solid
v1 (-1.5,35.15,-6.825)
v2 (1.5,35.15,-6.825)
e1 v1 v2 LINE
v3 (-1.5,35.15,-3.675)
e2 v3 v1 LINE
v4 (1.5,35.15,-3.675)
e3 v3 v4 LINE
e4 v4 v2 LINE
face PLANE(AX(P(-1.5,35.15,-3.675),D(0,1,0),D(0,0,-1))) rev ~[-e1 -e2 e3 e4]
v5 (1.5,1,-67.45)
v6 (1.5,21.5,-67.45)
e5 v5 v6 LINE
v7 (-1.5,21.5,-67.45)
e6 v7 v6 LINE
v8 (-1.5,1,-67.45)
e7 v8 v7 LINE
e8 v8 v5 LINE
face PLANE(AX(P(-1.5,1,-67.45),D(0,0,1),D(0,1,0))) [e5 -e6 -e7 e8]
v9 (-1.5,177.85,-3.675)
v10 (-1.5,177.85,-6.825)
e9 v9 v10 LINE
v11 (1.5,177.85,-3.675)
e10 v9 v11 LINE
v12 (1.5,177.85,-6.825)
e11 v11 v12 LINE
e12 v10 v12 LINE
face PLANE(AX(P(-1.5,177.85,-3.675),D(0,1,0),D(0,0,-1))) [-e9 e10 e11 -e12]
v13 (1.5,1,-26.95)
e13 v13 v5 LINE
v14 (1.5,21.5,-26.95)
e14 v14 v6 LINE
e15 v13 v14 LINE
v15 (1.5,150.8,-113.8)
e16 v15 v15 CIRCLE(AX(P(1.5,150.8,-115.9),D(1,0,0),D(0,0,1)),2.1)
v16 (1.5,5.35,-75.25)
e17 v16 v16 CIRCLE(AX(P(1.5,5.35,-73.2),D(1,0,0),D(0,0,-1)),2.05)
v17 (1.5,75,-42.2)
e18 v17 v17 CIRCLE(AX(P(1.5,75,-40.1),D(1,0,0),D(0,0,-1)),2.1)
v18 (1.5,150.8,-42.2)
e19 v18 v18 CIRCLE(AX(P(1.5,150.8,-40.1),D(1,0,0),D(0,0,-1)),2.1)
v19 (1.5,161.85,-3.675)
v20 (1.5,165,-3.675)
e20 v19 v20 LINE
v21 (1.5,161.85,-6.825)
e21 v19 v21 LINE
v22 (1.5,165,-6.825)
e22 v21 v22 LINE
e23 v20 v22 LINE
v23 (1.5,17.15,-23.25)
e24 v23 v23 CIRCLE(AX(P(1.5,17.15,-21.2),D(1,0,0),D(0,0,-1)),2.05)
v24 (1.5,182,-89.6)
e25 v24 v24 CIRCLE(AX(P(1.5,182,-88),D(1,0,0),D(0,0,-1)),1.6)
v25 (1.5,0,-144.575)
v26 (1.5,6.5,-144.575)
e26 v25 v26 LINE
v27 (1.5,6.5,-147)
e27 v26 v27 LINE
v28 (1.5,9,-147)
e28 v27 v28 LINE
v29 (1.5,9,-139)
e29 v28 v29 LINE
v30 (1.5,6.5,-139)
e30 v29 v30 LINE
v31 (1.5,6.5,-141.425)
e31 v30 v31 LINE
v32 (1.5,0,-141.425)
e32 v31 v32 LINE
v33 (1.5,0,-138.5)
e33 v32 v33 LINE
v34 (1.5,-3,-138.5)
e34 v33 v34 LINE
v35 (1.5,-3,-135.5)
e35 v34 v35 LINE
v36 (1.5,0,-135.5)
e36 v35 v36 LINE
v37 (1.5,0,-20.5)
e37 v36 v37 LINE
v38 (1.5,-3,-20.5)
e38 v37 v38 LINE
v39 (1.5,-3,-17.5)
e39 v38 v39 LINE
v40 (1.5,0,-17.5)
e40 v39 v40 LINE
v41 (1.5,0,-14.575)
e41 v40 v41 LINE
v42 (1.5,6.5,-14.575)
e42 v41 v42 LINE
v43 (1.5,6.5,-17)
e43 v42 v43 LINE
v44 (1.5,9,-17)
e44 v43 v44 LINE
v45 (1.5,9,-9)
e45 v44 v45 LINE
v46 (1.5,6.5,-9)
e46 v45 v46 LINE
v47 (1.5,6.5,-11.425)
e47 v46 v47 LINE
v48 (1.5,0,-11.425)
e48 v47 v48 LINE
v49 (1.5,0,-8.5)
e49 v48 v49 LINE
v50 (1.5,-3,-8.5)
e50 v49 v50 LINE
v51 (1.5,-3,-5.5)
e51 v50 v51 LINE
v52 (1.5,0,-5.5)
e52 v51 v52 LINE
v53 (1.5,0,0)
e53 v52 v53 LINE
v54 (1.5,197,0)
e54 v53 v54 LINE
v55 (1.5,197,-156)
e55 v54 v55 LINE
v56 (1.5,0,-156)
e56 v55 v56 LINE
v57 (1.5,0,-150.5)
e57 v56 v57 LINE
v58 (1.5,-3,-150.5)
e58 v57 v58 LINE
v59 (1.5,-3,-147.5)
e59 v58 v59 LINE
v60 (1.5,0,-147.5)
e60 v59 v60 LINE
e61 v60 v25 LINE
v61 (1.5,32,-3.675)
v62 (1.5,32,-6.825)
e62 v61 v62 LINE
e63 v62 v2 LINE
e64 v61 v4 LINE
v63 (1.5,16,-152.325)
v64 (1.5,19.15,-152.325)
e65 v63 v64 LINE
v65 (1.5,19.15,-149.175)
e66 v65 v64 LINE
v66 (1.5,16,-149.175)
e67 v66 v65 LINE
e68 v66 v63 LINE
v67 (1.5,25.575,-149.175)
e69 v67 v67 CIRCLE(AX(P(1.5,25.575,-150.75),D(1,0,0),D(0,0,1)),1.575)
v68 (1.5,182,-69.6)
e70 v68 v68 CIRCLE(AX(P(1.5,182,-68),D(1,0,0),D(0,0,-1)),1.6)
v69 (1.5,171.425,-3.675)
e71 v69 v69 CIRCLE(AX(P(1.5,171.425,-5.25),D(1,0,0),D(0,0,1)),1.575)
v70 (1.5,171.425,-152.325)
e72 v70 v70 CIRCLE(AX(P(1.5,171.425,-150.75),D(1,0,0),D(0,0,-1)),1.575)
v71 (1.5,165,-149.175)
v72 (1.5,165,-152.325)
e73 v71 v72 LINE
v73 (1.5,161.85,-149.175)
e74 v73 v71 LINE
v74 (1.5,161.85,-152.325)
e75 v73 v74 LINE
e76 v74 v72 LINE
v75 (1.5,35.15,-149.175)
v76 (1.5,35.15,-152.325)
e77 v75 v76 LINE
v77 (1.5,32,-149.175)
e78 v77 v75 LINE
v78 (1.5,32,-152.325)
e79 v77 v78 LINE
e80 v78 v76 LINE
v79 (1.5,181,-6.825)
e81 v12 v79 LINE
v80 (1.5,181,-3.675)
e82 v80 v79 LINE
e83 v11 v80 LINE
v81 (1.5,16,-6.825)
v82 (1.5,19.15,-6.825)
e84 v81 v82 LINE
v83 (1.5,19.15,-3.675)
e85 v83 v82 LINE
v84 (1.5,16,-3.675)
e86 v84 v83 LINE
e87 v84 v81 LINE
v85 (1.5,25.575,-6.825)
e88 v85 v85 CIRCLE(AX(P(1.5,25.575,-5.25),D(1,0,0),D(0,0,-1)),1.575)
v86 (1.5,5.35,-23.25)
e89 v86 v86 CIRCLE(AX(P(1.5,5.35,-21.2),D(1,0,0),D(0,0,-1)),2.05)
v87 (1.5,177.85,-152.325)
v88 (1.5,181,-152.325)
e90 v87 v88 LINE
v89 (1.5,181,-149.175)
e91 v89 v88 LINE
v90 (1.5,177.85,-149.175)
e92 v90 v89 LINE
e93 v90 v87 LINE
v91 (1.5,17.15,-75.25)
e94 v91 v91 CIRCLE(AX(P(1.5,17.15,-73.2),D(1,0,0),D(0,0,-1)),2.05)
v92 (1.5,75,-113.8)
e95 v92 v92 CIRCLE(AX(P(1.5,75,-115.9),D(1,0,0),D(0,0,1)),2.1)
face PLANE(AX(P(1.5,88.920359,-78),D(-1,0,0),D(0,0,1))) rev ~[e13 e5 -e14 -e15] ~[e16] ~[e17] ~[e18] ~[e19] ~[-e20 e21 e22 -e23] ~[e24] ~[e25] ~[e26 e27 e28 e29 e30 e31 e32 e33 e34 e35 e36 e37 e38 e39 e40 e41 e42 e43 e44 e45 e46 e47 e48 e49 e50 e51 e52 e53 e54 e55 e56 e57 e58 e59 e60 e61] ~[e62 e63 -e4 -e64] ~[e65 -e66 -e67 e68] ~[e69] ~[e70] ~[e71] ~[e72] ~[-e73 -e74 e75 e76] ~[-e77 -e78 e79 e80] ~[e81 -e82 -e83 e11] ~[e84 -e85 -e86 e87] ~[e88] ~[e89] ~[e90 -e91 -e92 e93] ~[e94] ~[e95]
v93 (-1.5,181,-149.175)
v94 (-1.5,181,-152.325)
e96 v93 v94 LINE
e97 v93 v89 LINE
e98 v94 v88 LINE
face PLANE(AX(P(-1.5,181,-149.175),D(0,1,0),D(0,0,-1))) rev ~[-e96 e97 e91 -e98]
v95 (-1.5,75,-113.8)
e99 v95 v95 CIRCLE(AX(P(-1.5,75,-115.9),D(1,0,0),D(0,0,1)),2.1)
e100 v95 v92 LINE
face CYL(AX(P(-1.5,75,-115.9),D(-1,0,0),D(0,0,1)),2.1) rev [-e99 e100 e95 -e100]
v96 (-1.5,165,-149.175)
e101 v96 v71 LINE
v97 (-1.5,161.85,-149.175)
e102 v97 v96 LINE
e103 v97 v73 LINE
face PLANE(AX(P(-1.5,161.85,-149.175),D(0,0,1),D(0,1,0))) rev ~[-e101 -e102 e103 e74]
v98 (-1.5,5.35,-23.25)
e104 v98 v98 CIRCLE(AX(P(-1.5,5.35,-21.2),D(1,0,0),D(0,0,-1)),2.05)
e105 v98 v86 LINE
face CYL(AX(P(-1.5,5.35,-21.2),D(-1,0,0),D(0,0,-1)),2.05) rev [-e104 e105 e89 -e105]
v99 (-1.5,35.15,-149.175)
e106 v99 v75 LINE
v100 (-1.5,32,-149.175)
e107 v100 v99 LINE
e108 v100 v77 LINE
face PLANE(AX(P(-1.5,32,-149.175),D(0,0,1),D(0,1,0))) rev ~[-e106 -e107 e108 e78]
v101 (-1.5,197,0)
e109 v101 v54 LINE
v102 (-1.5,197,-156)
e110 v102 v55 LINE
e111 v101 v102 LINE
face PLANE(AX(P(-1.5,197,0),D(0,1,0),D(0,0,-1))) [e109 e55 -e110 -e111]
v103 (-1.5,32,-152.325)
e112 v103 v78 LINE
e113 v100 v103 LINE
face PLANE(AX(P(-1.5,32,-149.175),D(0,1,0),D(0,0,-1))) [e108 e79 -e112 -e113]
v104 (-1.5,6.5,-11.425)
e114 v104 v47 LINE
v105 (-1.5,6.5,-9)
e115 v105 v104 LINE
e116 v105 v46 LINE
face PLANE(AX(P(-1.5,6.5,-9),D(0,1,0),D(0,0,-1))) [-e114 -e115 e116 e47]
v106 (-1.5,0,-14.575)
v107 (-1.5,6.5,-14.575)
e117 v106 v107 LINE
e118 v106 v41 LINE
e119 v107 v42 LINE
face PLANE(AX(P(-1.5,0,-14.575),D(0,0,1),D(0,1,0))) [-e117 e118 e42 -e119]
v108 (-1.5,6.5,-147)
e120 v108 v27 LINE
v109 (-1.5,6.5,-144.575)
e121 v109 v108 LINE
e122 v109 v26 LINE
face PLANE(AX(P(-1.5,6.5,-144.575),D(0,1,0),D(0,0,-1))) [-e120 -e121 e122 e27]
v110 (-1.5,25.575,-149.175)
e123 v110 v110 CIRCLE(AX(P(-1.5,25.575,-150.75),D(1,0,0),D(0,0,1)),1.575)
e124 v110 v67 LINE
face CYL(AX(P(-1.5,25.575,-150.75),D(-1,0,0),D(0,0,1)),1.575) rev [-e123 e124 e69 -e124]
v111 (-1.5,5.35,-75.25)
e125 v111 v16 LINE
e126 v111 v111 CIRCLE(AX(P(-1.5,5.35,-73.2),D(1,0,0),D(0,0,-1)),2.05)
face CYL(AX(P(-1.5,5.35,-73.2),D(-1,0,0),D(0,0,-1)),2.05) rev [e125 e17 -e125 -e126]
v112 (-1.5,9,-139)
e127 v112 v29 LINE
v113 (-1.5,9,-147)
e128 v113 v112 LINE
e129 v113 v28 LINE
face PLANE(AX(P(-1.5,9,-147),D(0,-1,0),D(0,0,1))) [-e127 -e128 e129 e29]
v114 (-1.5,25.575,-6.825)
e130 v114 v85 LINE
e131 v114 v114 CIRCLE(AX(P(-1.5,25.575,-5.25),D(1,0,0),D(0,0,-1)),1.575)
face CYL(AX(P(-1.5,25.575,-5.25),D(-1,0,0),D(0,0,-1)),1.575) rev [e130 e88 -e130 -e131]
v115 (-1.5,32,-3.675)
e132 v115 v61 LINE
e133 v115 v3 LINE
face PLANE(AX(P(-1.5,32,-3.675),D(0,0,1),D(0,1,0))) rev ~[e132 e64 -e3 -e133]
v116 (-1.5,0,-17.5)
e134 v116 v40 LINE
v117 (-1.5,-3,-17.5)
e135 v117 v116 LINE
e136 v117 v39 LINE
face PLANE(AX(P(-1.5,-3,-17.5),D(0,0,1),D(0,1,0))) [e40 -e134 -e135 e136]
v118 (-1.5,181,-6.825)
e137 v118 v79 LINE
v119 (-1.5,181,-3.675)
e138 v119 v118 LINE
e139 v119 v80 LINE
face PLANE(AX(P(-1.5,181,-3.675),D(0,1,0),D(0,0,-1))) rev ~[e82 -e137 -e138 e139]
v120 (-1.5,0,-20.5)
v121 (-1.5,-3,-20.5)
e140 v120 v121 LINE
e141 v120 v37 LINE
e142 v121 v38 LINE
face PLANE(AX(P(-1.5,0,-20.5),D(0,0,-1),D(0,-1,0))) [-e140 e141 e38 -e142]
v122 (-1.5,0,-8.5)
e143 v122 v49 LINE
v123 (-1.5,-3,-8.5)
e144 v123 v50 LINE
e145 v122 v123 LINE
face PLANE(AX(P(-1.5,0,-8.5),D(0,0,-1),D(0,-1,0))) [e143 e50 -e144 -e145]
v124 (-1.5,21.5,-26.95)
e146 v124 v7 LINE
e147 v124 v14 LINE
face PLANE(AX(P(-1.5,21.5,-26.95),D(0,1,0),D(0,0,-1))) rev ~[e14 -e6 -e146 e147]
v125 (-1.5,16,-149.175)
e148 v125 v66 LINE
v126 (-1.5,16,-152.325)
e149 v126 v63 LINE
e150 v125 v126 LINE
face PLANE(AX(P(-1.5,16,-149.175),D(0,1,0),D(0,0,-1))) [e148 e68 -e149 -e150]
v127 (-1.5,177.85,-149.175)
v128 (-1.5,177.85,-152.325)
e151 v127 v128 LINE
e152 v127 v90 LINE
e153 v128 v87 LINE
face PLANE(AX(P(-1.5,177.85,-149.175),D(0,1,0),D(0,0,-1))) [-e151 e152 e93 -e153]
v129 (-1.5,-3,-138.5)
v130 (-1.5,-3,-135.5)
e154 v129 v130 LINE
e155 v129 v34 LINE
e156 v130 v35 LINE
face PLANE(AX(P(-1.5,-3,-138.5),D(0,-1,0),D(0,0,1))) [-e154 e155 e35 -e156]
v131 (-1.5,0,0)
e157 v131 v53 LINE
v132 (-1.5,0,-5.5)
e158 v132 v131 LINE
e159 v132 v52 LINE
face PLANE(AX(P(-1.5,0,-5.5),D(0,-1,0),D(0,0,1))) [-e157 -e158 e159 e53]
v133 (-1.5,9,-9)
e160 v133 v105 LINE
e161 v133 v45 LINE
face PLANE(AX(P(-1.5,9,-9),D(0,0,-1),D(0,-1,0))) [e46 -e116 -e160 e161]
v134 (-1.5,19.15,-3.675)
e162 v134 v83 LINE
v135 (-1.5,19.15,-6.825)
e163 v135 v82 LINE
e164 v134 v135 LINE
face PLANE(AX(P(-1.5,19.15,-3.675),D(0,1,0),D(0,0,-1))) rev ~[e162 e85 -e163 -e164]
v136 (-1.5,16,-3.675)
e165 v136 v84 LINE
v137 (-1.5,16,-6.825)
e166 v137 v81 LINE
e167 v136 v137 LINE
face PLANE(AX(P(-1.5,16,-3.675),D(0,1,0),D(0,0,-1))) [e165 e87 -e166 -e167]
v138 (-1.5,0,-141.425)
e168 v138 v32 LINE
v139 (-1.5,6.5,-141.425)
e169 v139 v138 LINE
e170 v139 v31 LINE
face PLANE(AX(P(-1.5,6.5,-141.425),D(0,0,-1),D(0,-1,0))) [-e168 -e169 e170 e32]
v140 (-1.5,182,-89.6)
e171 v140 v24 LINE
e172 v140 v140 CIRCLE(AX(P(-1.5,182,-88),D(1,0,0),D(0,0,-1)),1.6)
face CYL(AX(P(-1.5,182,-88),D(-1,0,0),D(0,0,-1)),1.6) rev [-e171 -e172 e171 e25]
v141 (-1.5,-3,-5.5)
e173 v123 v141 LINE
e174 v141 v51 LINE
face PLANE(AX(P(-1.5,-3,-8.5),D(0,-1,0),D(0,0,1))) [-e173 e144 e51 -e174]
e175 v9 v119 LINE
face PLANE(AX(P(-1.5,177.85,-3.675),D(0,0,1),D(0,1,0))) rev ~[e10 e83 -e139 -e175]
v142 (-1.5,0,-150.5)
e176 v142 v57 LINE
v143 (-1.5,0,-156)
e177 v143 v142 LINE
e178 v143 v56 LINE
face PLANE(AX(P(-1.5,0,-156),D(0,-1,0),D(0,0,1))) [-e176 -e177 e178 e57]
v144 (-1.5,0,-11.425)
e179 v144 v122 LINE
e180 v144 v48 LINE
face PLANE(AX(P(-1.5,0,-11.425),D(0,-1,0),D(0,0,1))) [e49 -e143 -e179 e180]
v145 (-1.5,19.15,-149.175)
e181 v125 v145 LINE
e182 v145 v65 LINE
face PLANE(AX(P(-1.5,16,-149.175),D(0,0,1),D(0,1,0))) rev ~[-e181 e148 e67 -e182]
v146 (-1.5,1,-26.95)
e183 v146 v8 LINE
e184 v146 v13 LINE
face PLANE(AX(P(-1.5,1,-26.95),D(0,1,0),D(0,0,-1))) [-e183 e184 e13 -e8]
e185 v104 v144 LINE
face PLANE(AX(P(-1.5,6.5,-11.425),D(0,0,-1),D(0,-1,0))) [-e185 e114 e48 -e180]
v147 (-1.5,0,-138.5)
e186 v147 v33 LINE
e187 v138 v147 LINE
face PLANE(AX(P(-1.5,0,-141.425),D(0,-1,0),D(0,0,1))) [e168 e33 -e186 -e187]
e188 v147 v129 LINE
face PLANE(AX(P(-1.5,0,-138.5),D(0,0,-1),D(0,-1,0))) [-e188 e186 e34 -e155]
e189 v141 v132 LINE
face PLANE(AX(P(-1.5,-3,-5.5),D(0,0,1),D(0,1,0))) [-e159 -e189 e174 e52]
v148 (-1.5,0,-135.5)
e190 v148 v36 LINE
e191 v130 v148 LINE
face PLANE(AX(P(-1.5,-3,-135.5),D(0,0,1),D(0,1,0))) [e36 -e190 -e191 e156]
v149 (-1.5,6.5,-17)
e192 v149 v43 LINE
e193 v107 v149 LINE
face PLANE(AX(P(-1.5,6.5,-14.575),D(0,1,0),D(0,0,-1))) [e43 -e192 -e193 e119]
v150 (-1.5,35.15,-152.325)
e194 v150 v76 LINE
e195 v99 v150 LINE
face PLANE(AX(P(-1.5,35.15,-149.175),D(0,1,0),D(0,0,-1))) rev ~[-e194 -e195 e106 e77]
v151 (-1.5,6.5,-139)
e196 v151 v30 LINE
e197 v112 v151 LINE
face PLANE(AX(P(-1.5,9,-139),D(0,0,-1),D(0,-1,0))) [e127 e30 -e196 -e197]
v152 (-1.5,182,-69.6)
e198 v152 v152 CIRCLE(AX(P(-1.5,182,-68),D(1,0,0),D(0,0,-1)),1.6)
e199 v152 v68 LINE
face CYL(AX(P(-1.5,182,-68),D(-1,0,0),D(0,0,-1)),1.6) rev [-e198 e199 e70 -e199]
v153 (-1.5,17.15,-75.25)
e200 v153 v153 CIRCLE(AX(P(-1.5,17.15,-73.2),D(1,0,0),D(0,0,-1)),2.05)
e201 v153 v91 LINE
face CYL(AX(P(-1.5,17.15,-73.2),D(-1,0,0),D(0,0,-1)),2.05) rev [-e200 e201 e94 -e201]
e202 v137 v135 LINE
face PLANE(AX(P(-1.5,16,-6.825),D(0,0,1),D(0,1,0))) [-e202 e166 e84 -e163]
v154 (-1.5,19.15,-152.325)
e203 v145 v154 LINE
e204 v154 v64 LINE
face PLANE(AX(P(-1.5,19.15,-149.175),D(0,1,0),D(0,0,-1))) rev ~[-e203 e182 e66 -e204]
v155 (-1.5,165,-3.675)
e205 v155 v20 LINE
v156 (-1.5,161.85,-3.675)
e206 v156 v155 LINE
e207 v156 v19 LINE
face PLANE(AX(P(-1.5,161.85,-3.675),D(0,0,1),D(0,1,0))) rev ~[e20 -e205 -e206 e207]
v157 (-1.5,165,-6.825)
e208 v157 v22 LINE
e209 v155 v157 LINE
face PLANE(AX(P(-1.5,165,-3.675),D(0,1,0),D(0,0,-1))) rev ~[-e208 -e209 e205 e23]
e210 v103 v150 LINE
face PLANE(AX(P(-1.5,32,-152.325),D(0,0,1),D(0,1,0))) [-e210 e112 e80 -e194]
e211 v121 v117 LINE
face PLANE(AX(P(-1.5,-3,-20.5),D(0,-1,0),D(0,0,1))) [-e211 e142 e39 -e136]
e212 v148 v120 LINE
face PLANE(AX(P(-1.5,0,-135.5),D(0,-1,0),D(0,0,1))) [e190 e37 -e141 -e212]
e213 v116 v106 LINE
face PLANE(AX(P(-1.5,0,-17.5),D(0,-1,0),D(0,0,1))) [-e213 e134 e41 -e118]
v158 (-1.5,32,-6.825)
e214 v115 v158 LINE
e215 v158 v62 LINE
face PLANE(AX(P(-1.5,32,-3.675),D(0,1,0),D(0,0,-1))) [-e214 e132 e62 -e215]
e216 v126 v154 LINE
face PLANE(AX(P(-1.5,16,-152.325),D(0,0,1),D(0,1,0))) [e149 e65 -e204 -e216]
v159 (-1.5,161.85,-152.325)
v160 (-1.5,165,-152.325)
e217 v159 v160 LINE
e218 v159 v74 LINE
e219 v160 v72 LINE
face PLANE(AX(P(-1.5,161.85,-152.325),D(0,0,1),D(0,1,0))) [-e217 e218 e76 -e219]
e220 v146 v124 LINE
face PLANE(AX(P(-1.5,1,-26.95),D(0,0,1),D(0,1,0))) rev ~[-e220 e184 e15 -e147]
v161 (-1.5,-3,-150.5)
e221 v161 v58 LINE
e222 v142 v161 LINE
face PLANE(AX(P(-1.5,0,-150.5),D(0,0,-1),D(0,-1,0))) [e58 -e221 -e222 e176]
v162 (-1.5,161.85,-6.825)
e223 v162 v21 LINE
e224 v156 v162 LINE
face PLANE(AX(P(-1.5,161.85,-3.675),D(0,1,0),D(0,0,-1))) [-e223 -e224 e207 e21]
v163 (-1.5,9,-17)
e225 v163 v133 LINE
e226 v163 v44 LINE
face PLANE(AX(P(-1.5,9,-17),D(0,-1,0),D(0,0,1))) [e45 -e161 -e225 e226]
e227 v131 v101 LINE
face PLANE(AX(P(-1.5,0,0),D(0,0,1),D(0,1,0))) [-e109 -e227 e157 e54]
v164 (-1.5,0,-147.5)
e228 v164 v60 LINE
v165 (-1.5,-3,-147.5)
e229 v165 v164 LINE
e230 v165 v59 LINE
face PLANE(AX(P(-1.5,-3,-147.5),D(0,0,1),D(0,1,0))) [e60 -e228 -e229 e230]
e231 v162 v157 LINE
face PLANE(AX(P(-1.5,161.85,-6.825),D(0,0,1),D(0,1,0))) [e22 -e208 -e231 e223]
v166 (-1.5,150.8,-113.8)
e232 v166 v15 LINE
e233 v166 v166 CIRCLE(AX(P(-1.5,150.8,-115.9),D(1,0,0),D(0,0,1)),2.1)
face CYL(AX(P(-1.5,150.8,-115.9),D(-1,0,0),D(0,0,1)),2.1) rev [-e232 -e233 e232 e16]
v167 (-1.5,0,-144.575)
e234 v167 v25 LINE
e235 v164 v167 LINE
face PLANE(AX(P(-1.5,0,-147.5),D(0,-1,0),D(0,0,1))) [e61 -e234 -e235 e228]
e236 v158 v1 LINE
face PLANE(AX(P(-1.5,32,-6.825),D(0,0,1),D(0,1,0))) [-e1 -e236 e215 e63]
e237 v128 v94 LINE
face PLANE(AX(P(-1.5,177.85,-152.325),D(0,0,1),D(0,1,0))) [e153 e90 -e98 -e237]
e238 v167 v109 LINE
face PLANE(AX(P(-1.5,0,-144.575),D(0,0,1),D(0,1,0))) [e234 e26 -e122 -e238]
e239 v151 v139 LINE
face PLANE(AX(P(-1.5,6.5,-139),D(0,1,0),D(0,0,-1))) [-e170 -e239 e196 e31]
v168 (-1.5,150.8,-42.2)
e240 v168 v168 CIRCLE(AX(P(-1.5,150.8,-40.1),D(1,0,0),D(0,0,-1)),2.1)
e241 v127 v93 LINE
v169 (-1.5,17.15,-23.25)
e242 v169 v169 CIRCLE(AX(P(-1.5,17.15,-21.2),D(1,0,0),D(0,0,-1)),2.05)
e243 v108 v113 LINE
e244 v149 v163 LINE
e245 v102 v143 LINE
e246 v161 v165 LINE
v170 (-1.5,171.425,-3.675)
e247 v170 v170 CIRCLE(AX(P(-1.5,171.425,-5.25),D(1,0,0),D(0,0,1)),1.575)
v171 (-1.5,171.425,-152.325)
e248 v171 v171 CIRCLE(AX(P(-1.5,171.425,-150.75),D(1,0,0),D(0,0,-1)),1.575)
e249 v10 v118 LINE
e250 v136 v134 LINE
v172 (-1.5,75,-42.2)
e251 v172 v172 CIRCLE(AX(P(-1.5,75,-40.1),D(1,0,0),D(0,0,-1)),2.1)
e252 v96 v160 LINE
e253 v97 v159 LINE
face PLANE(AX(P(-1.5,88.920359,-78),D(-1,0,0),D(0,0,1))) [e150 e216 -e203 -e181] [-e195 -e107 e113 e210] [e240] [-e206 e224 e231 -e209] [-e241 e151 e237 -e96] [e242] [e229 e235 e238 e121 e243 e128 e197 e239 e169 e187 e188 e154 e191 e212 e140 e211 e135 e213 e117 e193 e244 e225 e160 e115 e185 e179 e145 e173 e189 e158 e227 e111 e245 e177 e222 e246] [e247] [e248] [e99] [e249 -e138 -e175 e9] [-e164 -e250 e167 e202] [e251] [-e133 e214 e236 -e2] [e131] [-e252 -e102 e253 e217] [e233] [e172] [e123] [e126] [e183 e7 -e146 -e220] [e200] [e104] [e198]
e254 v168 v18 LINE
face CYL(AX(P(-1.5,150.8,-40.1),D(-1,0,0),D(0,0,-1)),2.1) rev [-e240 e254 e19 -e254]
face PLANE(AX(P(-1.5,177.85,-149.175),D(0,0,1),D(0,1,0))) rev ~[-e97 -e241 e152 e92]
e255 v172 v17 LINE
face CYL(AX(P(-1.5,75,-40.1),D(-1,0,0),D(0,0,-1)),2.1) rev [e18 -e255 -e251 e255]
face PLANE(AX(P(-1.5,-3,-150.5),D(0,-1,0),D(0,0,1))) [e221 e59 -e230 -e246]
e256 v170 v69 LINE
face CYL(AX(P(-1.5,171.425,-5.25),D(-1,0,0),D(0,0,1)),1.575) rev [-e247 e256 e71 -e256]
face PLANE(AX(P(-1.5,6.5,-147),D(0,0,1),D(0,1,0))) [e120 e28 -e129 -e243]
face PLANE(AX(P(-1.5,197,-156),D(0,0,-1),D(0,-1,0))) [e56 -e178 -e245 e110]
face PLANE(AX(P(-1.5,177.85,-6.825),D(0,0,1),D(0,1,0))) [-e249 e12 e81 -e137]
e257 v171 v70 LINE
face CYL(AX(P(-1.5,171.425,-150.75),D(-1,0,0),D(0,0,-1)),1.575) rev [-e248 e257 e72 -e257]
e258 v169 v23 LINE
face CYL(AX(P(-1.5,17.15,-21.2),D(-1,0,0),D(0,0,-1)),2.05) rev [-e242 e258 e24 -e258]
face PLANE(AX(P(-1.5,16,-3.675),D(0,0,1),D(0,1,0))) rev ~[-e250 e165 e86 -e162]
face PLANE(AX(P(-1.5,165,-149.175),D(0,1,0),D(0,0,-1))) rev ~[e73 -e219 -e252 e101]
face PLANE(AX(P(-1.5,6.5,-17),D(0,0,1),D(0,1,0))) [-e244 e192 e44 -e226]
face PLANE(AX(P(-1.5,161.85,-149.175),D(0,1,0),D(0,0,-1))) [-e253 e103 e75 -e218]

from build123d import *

# Parameters (mm, degrees)
BOSS_EXTRUDE2_DEPTH      = 1.5
BOSS_EXTRUDE2_DEPTH_BACK = 1.5
SKETCH1_R                = 1.575
SKETCH1_R_2              = 2.05
SKETCH1_R_3              = 2.1
SKETCH1_R_4              = 1.6
SKETCH1_W                = 40.5
SKETCH1_H                = 20.499999995
SKETCH1_W_2              = 3.15
SKETCH1_H_2              = 3.15


with BuildPart() as part:
    # Sketch1 → Boss-Extrude2 (new, two sides: drawn at the far end of the back side and taken through both)
    with BuildSketch(Plane(origin=(0, 0, 0), x_dir=(0, 0, -1), z_dir=(1, 0, 0)).offset(-BOSS_EXTRUDE2_DEPTH_BACK)):
        Polygon((11.425, 0), (8.5, 0), (8.5, -3), (5.5, -3), (5.5, 0), (0, 0), (0, 197), (156, 197), (156, 0), (150.5, 0), (150.5, -3), (147.5, -3), (147.5, 0), (144.575, 0), (144.575, 6.5), (147, 6.5), (147, 9), (139, 9), (139, 6.5), (141.425, 6.5), (141.425, 0), (138.5, 0), (138.5, -3), (135.5, -3), (135.5, 0), (20.5, 0), (20.5, -3), (17.5, -3), (17.5, 0), (14.575, 0), (14.575, 6.5), (17, 6.5), (17, 9), (9, 9), (9, 6.5), (11.425, 6.5), align=None)
        with Locations((5.25, 25.575)):
            Circle(SKETCH1_R, mode=Mode.SUBTRACT)
        with Locations((5.25, 171.425)):
            Circle(SKETCH1_R, mode=Mode.SUBTRACT)
        with Locations((150.75, 171.425)):
            Circle(SKETCH1_R, mode=Mode.SUBTRACT)
        with Locations((150.75, 25.575)):
            Circle(SKETCH1_R, mode=Mode.SUBTRACT)
        with Locations((73.2, 5.35)):
            Circle(SKETCH1_R_2, mode=Mode.SUBTRACT)
        with Locations((73.2, 17.149999995)):
            Circle(SKETCH1_R_2, mode=Mode.SUBTRACT)
        with Locations((21.2, 5.35)):
            Circle(SKETCH1_R_2, mode=Mode.SUBTRACT)
        with Locations((21.2, 17.149999995)):
            Circle(SKETCH1_R_2, mode=Mode.SUBTRACT)
        with Locations((40.1, 75)):
            Circle(SKETCH1_R_3, mode=Mode.SUBTRACT)
        with Locations((40.1, 150.8)):
            Circle(SKETCH1_R_3, mode=Mode.SUBTRACT)
        with Locations((115.9, 75)):
            Circle(SKETCH1_R_3, mode=Mode.SUBTRACT)
        with Locations((115.9, 150.8)):
            Circle(SKETCH1_R_3, mode=Mode.SUBTRACT)
        with Locations((88, 182)):
            Circle(SKETCH1_R_4, mode=Mode.SUBTRACT)
        with Locations((68, 182)):
            Circle(SKETCH1_R_4, mode=Mode.SUBTRACT)
        with Locations((47.2, 11.249999997)):
            Rectangle(SKETCH1_W, SKETCH1_H, mode=Mode.SUBTRACT)
        with Locations((5.25, 17.575)):
            Rectangle(SKETCH1_W_2, SKETCH1_H_2, mode=Mode.SUBTRACT)
        with Locations((5.25, 33.575)):
            Rectangle(SKETCH1_W_2, SKETCH1_H_2, mode=Mode.SUBTRACT)
        with Locations((5.25, 163.425)):
            Rectangle(SKETCH1_W_2, SKETCH1_H_2, mode=Mode.SUBTRACT)
        with Locations((5.25, 179.425)):
            Rectangle(SKETCH1_W_2, SKETCH1_H_2, mode=Mode.SUBTRACT)
        with Locations((150.75, 179.425)):
            Rectangle(SKETCH1_W_2, SKETCH1_H_2, mode=Mode.SUBTRACT)
        with Locations((150.75, 163.425)):
            Rectangle(SKETCH1_W_2, SKETCH1_H_2, mode=Mode.SUBTRACT)
        with Locations((150.75, 33.575)):
            Rectangle(SKETCH1_W_2, SKETCH1_H_2, mode=Mode.SUBTRACT)
        with Locations((150.75, 17.575)):
            Rectangle(SKETCH1_W_2, SKETCH1_H_2, mode=Mode.SUBTRACT)
    extrude(amount=BOSS_EXTRUDE2_DEPTH + BOSS_EXTRUDE2_DEPTH_BACK)


solid = part.part
